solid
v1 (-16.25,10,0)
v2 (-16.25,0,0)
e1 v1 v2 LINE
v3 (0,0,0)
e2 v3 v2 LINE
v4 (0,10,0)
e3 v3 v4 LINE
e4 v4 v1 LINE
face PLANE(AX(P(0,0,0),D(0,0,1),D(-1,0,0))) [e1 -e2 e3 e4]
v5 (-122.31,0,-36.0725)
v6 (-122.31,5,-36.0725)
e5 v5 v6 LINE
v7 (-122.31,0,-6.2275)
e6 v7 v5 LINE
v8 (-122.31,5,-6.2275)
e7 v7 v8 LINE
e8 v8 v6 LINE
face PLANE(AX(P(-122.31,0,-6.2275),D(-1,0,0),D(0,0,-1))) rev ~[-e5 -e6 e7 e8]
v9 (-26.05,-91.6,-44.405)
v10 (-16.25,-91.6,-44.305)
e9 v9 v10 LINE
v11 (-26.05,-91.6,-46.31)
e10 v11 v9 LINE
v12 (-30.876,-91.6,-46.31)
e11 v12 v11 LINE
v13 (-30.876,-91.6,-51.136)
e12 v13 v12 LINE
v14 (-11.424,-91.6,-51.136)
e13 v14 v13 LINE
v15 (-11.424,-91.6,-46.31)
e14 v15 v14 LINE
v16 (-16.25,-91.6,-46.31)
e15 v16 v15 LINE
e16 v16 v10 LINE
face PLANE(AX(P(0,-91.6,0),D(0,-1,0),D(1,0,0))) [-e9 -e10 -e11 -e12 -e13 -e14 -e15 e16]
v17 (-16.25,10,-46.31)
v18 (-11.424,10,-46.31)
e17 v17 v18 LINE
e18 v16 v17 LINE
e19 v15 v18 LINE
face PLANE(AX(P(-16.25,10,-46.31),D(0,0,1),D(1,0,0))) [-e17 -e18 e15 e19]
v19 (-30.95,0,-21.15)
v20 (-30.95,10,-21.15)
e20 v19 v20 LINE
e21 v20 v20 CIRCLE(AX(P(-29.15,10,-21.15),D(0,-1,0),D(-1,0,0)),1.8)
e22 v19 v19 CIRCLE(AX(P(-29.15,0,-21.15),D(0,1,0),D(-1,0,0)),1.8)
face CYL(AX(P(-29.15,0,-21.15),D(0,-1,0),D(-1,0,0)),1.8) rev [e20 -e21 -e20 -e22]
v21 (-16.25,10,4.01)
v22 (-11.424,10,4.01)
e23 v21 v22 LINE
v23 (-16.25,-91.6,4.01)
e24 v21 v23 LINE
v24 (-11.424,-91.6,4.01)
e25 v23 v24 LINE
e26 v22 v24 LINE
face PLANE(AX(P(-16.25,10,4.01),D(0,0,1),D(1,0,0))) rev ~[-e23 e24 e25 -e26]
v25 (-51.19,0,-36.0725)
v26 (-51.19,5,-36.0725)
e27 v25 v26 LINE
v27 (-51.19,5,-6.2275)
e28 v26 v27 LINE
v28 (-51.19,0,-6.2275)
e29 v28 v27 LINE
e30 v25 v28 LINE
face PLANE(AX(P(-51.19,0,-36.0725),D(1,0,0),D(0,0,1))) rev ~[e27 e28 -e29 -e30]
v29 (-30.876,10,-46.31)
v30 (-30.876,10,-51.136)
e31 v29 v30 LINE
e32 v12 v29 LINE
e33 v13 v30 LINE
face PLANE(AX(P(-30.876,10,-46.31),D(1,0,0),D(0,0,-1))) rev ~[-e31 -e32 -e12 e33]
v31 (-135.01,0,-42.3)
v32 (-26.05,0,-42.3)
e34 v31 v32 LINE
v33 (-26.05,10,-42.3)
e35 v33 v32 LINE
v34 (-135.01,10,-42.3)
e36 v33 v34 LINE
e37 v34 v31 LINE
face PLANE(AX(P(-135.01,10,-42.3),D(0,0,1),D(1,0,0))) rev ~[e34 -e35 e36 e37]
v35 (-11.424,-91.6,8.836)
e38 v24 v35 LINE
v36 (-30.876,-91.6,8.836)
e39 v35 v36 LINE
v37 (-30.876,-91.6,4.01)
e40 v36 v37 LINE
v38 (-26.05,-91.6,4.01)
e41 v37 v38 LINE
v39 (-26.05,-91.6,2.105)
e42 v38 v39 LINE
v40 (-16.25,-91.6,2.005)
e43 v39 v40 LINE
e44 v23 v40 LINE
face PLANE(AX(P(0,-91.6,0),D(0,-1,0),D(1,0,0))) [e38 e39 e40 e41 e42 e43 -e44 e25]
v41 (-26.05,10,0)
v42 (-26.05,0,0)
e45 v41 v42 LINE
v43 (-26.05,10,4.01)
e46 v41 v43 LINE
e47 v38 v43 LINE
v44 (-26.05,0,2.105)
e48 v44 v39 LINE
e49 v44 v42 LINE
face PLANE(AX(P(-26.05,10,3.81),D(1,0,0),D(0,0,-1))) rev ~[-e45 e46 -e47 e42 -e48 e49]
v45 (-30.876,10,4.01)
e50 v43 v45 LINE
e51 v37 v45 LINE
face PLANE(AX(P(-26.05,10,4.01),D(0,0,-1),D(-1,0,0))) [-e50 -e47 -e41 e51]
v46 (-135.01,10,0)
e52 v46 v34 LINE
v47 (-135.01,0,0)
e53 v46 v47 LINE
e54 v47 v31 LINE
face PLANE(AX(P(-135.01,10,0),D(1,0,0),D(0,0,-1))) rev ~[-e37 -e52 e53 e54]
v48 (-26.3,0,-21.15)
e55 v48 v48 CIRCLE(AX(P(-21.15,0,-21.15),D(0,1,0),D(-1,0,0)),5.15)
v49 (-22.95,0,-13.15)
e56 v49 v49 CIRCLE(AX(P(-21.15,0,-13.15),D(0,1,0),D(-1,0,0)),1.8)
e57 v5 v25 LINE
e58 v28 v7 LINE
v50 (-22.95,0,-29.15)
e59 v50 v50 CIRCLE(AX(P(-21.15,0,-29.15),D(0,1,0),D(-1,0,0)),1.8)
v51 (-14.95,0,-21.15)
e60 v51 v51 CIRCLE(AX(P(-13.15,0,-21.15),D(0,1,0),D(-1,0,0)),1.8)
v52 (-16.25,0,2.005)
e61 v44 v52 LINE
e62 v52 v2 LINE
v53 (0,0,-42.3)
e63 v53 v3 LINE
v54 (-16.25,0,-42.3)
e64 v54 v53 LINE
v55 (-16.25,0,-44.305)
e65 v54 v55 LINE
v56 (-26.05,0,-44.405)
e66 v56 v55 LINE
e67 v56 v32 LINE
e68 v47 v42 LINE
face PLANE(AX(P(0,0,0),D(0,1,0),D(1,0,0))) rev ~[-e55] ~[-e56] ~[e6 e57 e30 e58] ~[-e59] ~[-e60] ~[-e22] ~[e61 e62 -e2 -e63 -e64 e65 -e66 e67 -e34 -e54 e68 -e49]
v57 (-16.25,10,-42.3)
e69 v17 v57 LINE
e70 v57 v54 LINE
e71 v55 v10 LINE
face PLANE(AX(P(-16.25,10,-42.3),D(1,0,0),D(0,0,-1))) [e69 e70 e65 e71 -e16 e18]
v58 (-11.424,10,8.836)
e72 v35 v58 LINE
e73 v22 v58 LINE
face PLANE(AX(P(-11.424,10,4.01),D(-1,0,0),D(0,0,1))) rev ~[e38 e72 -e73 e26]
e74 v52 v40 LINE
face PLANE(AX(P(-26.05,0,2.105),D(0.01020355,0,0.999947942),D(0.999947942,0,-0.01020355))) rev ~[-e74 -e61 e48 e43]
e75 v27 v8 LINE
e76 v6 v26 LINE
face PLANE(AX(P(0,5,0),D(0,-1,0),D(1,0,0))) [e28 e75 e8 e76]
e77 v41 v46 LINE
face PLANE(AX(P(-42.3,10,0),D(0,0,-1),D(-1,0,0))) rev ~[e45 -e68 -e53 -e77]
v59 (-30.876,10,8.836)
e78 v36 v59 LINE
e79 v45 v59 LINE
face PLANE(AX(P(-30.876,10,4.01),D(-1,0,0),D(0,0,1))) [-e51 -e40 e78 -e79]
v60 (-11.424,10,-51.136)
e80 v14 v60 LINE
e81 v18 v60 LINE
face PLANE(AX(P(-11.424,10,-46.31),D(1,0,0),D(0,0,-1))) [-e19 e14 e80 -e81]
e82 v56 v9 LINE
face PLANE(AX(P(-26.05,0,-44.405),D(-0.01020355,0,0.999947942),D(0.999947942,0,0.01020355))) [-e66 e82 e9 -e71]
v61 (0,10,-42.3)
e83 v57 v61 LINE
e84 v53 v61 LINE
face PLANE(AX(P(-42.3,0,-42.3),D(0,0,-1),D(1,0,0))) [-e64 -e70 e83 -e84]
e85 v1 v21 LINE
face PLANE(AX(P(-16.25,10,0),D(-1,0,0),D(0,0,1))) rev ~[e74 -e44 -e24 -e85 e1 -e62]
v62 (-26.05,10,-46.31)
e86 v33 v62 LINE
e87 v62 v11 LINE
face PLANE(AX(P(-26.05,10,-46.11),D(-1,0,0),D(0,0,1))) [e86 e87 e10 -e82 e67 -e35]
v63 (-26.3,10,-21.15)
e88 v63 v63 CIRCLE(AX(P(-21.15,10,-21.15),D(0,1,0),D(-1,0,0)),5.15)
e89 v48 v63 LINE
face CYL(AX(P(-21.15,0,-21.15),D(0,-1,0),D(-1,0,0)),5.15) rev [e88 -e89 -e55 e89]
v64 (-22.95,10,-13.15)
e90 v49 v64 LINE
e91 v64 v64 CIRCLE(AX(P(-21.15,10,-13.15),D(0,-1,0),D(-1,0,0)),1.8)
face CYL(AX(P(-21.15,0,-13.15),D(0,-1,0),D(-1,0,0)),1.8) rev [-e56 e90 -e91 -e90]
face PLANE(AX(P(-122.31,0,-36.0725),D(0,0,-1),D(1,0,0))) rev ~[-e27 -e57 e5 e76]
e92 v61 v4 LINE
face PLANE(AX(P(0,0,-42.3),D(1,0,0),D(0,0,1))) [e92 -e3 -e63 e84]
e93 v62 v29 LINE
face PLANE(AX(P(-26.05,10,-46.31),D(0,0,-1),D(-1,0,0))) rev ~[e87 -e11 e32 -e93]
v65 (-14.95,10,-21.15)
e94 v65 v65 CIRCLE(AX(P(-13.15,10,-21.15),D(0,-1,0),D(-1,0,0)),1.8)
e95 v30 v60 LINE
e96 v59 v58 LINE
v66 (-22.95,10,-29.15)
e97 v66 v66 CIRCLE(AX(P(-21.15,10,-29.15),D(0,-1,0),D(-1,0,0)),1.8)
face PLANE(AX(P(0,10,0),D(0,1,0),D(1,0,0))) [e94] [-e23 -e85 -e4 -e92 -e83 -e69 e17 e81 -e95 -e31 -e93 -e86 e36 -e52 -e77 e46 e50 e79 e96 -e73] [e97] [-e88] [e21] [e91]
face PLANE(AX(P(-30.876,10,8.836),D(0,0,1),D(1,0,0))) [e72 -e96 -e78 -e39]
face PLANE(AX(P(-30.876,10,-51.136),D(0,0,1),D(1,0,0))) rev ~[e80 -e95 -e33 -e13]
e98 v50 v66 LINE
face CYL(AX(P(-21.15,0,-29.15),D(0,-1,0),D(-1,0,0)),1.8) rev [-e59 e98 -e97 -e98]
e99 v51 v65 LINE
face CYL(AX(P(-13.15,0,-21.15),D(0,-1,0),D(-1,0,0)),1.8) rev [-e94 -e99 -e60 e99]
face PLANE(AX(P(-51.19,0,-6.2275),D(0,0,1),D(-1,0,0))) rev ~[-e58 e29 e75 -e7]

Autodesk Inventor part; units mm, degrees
ref_plane "YZ Plane" through (0, 0, 0) normal (1, 0, 0) x (0, 1, 0)
ref_plane "XZ Plane" through (0, 0, 0) normal (0, 1, 0) x (-1, 0, 0)
ref_plane "XY Plane" through (0, 0, 0) normal (0, 0, 1) x (1, 0, 0)
sketch "Sketch1" plane through (0, 0, 0) normal (0, 1, 0) x (-1, 0, 0)
  line L0 (0, 0) -> (42.3, 0)
  line L1 (42.3, 0) -> (42.3, -42.3)
  line L2 (42.3, -42.3) -> (0, -42.3)
  line L3 (0, -42.3) -> (0, 0)
  circle A0 centre (21.15, -21.15) radius 5.15
  circle A1 centre (29.15, -21.15) radius 1.8
  circle A2 centre (21.15, -21.15) radius 8
  circle A3 centre (21.15, -13.15) radius 1.8
  circle A4 centre (13.15, -21.15) radius 1.8
  circle A5 centre (21.15, -29.15) radius 1.8
  point P0 (0, -21.15)
  point P1 (21.15, -42.3)
  dimension "d4" = 16
  dimension "d0" = 42.3
  dimension "d2" = 10.3
  dimension "d3" = 3.6
  dimension "d7" = 360
extrude "Extrusion1" add sketch "Sketch1" along normal blind 10 contours L0 L1 L2 L3 | A1 A2 A5 A4 A3
sketch "Sketch2" plane through (0, 10, 0) normal (0, 1, 0) x (1, 0, 0)
  line L0 (-42.3, 0) -> (0, 0) construction
  circle A0 centre (-13.15, 21.15) radius 1.8 construction
  circle A1 centre (-29.15, 21.15) radius 1.8 construction
  line L1 (-42.3, 0) -> (0, 0) construction
  line L2 (-16.25, 0) -> (-16.25, -3.81)
  line L3 (-16.25, -3.81) -> (-26.05, -3.81)
  line L4 (-26.05, -3.81) -> (-26.05, 0)
  line L5 (-26.05, 0) -> (-16.25, 0)
  line L6 (-13.15, 21.15) -> (-29.15, 21.15)
  line L7 (-42.3, 42.3) -> (0, 42.3) construction
  line L8 (-42.3, 42.3) -> (0, 42.3) construction
  line L9 (-16.25, 42.3) -> (-16.25, 46.11)
  line L10 (-16.25, 46.11) -> (-26.05, 46.11)
  line L11 (-26.05, 46.11) -> (-26.05, 42.3)
  line L12 (-26.05, 42.3) -> (-16.25, 42.3)
  line L13 (-16.25, 46.11) -> (-16.25, 46.31)
  line L14 (-16.25, 46.31) -> (-11.424, 46.31)
  line L15 (-11.424, 46.31) -> (-11.424, 51.136)
  line L16 (-26.05, 46.11) -> (-26.05, 46.31)
  line L17 (-26.05, 46.31) -> (-30.876, 46.31)
  line L18 (-30.876, 46.31) -> (-30.876, 51.136)
  line L19 (-30.876, 51.136) -> (-11.424, 51.136)
  line L20 (-16.25, -3.81) -> (-16.25, -4.01)
  line L21 (-16.25, -4.01) -> (-11.424, -4.01)
  line L22 (-11.424, -4.01) -> (-11.424, -8.836)
  line L23 (-26.05, -3.81) -> (-26.05, -4.01)
  line L24 (-26.05, -4.01) -> (-30.876, -4.01)
  line L25 (-30.876, -4.01) -> (-30.876, -8.836)
  line L26 (-30.876, -8.836) -> (-11.424, -8.836)
  point P0 (-21.15, -3.81)
  point P1 (-21.15, 0)
  point P2 (-21.15, 46.11)
  point P3 (-21.15, 42.3)
  dimension "d11" = 3.81
  dimension "d12" = 9.8
  dimension "d28" = 0.2
  dimension "d29" = 4.826
  dimension "d30" = 4.826
  dimension "d31" = 0.2
  dimension "d32" = 4.826
  dimension "d33" = 4.826
extrude "Extrusion2" add sketch "Sketch2" against normal blind 10
sketch "Sketch3" plane through (0, 0, 0) normal (0, -1, 0) x (1, 0, 0)
  circle A0 centre (-13.15, -21.15) radius 1.8 construction
  circle A1 centre (-29.15, -21.15) radius 1.8 construction
  line L0 (-13.15, -21.15) -> (-29.15, -21.15)
  line L1 (-16.25, 0) -> (-16.25, 4.01) construction
  line L2 (-11.424, 4.01) -> (-11.424, 8.836) construction
  line L3 (-30.876, 8.836) -> (-30.876, 4.01) construction
  line L4 (-30.876, 4.01) -> (-26.05, 4.01) construction
  line L5 (-26.05, 4.01) -> (-26.05, 0) construction
  line L6 (-16.25, 4.01) -> (-11.424, 4.01)
  line L7 (-11.424, 4.01) -> (-11.424, 8.836)
  line L8 (-11.424, 8.836) -> (-30.876, 8.836)
  line L9 (-30.876, 8.836) -> (-30.876, 4.01)
  line L10 (-30.876, 4.01) -> (-26.05, 4.01)
  line L11 (-26.05, 4.01) -> (-26.05, 2.105)
  line L12 (-26.05, 2.105) -> (-16.25, 2.005)
  line L13 (-16.25, 4.01) -> (-16.25, 2.005)
  line L14 (-16.25, -42.3) -> (-16.25, -46.31) construction
  line L15 (-16.25, -46.31) -> (-11.424, -46.31) construction
  line L16 (-11.424, -46.31) -> (-11.424, -51.136) construction
  line L17 (-11.424, -51.136) -> (-30.876, -51.136) construction
  line L18 (-30.876, -51.136) -> (-30.876, -46.31) construction
  line L19 (-30.876, -46.31) -> (-26.05, -46.31) construction
  line L20 (-26.05, -46.31) -> (-26.05, -42.3) construction
  line L21 (-16.25, -46.31) -> (-11.424, -46.31)
  line L22 (-11.424, -46.31) -> (-11.424, -51.136)
  line L23 (-11.424, -51.136) -> (-30.876, -51.136)
  line L24 (-30.876, -51.136) -> (-30.876, -46.31)
  line L25 (-30.876, -46.31) -> (-26.05, -46.31)
  line L26 (-26.05, -46.31) -> (-26.05, -44.405)
  line L27 (-26.05, -44.405) -> (-16.25, -44.305)
  line L28 (-16.25, -46.31) -> (-16.25, -44.305)
  dimension "d34" = 1.905
extrude "Extrusion3" add sketch "Sketch3" along normal blind 91.6
sketch "Sketch4" plane through (0, 10, 0) normal (0, 1, 0) x (1, 0, 0)
  line L0 (-42.3, 0) -> (-135.01, 0)
  line L1 (-135.01, 0) -> (-135.01, 42.3)
  line L2 (-135.01, 42.3) -> (-42.3, 42.3)
  line L3 (-42.3, 0) -> (-42.3, 42.3)
  dimension "d17" = 92.71
extrude "Extrusion4" add sketch "Sketch4" against normal blind 10
sketch "Sketch5" plane through (0, 0, 0) normal (0, -1, 0) x (1, 0, 0)
  line L0 (-135.01, 0) -> (-135.01, -42.3) construction
  line L1 (-122.31, -36.0725) -> (-51.19, -36.0725)
  line L2 (-51.19, -36.0725) -> (-51.19, -6.2275)
  line L3 (-51.19, -6.2275) -> (-122.31, -6.2275)
  line L4 (-122.31, -6.2275) -> (-122.31, -36.0725)
  point P0 (-135.01, -7.62)
  point P1 (-135.01, -34.68)
  point P2 (-122.31, -21.15)
  point P3 (-135.01, -21.15)
  dimension "d35" = 71.12
  dimension "d36" = 29.845
  dimension "d37" = 12.7
extrude "Extrusion5" cut sketch "Sketch5" against normal blind 5
sketch "Sketch6" plane through (0, 10, 0) normal (0, 1, 0) x (1, 0, 0)
  line L0 (-135.01, 0) -> (-26.05, 0) construction
  line L1 (-30.876, -8.836) -> (-11.424, -8.836) construction
  line L2 (0, 0) -> (0, 42.3) construction
  line L3 (-11.424, 51.136) -> (-30.876, 51.136) construction
  line L4 (-30.876, 51.136) -> (-30.876, 46.31) construction
  line L5 (-26.05, 42.3) -> (-135.01, 42.3) construction
  line L6 (-135.01, 42.3) -> (-135.01, 0) construction
  circle A0 centre (-21.15, 21.15) radius 5.15 construction
  circle A1 centre (-21.15, 21.15) radius 11.43
  line L7 (0, 42.3) -> (0, 0)
  line L8 (0, 0) -> (-11.424, -8.836)
  line L9 (0, 42.3) -> (-11.424, 51.136)
  line L10 (-11.424, 51.136) -> (-30.876, 51.136)
  line L11 (-30.876, 51.136) -> (-30.876, 42.3)
  line L12 (-11.424, -8.836) -> (-30.876, -8.836)
  line L13 (-30.876, -8.836) -> (-30.876, 0)
  line L14 (-30.876, 0) -> (-135.01, 0)
  line L15 (-135.01, 0) -> (-135.01, 42.3)
  line L16 (-135.01, 42.3) -> (-30.876, 42.3)
  dimension "d40" = 22.86
extrude "Extrusion6" [suppressed]
chamfer "Chamfer3" [suppressed]
chamfer "Chamfer4" [suppressed]
sketch "Sketch7" plane through (-26.05, 10, -42.3) normal (0, 0, -1) x (-1, 0, 0)
  line L0 (5.08, 0) -> (5.08, 39.5) construction
  line L1 (0, -10) -> (108.96, -10) construction
  circle A0 centre (68.58, 2.7) radius 3.175
  circle A1 centre (55.88, 2.7) radius 3.175
  circle A2 centre (43.18, 2.7) radius 3.175
  circle A3 centre (30.48, 2.7) radius 3.175
  circle A4 centre (17.78, 2.7) radius 3.175
  circle A5 centre (62.23, 15.4) radius 3.175
  circle A6 centre (49.53, 15.4) radius 3.175
  circle A7 centre (36.83, 15.4) radius 3.175
  circle A8 centre (24.13, 15.4) radius 3.175
  circle A9 centre (11.43, 15.4) radius 3.175
  point P0 (101.34, -10)
  point P1 (-26.05, -10)
  dimension "d49" = 6.35
  dimension "d50" = 12.7
  dimension "d51" = 12.7
  dimension "d52" = 12.7
  dimension "d53" = 12.7
  dimension "d54" = 12.7
  dimension "d55" = 12.7
  dimension "d56" = 6.35
  dimension "d57" = 12.7
  dimension "d58" = 12.7
  dimension "d59" = 12.7
  dimension "d60" = 12.7
  dimension "d61" = 6.35
  dimension "d62" = 12.7
extrude "Extrusion7" [suppressed]
properties part number "ClawGrip"
